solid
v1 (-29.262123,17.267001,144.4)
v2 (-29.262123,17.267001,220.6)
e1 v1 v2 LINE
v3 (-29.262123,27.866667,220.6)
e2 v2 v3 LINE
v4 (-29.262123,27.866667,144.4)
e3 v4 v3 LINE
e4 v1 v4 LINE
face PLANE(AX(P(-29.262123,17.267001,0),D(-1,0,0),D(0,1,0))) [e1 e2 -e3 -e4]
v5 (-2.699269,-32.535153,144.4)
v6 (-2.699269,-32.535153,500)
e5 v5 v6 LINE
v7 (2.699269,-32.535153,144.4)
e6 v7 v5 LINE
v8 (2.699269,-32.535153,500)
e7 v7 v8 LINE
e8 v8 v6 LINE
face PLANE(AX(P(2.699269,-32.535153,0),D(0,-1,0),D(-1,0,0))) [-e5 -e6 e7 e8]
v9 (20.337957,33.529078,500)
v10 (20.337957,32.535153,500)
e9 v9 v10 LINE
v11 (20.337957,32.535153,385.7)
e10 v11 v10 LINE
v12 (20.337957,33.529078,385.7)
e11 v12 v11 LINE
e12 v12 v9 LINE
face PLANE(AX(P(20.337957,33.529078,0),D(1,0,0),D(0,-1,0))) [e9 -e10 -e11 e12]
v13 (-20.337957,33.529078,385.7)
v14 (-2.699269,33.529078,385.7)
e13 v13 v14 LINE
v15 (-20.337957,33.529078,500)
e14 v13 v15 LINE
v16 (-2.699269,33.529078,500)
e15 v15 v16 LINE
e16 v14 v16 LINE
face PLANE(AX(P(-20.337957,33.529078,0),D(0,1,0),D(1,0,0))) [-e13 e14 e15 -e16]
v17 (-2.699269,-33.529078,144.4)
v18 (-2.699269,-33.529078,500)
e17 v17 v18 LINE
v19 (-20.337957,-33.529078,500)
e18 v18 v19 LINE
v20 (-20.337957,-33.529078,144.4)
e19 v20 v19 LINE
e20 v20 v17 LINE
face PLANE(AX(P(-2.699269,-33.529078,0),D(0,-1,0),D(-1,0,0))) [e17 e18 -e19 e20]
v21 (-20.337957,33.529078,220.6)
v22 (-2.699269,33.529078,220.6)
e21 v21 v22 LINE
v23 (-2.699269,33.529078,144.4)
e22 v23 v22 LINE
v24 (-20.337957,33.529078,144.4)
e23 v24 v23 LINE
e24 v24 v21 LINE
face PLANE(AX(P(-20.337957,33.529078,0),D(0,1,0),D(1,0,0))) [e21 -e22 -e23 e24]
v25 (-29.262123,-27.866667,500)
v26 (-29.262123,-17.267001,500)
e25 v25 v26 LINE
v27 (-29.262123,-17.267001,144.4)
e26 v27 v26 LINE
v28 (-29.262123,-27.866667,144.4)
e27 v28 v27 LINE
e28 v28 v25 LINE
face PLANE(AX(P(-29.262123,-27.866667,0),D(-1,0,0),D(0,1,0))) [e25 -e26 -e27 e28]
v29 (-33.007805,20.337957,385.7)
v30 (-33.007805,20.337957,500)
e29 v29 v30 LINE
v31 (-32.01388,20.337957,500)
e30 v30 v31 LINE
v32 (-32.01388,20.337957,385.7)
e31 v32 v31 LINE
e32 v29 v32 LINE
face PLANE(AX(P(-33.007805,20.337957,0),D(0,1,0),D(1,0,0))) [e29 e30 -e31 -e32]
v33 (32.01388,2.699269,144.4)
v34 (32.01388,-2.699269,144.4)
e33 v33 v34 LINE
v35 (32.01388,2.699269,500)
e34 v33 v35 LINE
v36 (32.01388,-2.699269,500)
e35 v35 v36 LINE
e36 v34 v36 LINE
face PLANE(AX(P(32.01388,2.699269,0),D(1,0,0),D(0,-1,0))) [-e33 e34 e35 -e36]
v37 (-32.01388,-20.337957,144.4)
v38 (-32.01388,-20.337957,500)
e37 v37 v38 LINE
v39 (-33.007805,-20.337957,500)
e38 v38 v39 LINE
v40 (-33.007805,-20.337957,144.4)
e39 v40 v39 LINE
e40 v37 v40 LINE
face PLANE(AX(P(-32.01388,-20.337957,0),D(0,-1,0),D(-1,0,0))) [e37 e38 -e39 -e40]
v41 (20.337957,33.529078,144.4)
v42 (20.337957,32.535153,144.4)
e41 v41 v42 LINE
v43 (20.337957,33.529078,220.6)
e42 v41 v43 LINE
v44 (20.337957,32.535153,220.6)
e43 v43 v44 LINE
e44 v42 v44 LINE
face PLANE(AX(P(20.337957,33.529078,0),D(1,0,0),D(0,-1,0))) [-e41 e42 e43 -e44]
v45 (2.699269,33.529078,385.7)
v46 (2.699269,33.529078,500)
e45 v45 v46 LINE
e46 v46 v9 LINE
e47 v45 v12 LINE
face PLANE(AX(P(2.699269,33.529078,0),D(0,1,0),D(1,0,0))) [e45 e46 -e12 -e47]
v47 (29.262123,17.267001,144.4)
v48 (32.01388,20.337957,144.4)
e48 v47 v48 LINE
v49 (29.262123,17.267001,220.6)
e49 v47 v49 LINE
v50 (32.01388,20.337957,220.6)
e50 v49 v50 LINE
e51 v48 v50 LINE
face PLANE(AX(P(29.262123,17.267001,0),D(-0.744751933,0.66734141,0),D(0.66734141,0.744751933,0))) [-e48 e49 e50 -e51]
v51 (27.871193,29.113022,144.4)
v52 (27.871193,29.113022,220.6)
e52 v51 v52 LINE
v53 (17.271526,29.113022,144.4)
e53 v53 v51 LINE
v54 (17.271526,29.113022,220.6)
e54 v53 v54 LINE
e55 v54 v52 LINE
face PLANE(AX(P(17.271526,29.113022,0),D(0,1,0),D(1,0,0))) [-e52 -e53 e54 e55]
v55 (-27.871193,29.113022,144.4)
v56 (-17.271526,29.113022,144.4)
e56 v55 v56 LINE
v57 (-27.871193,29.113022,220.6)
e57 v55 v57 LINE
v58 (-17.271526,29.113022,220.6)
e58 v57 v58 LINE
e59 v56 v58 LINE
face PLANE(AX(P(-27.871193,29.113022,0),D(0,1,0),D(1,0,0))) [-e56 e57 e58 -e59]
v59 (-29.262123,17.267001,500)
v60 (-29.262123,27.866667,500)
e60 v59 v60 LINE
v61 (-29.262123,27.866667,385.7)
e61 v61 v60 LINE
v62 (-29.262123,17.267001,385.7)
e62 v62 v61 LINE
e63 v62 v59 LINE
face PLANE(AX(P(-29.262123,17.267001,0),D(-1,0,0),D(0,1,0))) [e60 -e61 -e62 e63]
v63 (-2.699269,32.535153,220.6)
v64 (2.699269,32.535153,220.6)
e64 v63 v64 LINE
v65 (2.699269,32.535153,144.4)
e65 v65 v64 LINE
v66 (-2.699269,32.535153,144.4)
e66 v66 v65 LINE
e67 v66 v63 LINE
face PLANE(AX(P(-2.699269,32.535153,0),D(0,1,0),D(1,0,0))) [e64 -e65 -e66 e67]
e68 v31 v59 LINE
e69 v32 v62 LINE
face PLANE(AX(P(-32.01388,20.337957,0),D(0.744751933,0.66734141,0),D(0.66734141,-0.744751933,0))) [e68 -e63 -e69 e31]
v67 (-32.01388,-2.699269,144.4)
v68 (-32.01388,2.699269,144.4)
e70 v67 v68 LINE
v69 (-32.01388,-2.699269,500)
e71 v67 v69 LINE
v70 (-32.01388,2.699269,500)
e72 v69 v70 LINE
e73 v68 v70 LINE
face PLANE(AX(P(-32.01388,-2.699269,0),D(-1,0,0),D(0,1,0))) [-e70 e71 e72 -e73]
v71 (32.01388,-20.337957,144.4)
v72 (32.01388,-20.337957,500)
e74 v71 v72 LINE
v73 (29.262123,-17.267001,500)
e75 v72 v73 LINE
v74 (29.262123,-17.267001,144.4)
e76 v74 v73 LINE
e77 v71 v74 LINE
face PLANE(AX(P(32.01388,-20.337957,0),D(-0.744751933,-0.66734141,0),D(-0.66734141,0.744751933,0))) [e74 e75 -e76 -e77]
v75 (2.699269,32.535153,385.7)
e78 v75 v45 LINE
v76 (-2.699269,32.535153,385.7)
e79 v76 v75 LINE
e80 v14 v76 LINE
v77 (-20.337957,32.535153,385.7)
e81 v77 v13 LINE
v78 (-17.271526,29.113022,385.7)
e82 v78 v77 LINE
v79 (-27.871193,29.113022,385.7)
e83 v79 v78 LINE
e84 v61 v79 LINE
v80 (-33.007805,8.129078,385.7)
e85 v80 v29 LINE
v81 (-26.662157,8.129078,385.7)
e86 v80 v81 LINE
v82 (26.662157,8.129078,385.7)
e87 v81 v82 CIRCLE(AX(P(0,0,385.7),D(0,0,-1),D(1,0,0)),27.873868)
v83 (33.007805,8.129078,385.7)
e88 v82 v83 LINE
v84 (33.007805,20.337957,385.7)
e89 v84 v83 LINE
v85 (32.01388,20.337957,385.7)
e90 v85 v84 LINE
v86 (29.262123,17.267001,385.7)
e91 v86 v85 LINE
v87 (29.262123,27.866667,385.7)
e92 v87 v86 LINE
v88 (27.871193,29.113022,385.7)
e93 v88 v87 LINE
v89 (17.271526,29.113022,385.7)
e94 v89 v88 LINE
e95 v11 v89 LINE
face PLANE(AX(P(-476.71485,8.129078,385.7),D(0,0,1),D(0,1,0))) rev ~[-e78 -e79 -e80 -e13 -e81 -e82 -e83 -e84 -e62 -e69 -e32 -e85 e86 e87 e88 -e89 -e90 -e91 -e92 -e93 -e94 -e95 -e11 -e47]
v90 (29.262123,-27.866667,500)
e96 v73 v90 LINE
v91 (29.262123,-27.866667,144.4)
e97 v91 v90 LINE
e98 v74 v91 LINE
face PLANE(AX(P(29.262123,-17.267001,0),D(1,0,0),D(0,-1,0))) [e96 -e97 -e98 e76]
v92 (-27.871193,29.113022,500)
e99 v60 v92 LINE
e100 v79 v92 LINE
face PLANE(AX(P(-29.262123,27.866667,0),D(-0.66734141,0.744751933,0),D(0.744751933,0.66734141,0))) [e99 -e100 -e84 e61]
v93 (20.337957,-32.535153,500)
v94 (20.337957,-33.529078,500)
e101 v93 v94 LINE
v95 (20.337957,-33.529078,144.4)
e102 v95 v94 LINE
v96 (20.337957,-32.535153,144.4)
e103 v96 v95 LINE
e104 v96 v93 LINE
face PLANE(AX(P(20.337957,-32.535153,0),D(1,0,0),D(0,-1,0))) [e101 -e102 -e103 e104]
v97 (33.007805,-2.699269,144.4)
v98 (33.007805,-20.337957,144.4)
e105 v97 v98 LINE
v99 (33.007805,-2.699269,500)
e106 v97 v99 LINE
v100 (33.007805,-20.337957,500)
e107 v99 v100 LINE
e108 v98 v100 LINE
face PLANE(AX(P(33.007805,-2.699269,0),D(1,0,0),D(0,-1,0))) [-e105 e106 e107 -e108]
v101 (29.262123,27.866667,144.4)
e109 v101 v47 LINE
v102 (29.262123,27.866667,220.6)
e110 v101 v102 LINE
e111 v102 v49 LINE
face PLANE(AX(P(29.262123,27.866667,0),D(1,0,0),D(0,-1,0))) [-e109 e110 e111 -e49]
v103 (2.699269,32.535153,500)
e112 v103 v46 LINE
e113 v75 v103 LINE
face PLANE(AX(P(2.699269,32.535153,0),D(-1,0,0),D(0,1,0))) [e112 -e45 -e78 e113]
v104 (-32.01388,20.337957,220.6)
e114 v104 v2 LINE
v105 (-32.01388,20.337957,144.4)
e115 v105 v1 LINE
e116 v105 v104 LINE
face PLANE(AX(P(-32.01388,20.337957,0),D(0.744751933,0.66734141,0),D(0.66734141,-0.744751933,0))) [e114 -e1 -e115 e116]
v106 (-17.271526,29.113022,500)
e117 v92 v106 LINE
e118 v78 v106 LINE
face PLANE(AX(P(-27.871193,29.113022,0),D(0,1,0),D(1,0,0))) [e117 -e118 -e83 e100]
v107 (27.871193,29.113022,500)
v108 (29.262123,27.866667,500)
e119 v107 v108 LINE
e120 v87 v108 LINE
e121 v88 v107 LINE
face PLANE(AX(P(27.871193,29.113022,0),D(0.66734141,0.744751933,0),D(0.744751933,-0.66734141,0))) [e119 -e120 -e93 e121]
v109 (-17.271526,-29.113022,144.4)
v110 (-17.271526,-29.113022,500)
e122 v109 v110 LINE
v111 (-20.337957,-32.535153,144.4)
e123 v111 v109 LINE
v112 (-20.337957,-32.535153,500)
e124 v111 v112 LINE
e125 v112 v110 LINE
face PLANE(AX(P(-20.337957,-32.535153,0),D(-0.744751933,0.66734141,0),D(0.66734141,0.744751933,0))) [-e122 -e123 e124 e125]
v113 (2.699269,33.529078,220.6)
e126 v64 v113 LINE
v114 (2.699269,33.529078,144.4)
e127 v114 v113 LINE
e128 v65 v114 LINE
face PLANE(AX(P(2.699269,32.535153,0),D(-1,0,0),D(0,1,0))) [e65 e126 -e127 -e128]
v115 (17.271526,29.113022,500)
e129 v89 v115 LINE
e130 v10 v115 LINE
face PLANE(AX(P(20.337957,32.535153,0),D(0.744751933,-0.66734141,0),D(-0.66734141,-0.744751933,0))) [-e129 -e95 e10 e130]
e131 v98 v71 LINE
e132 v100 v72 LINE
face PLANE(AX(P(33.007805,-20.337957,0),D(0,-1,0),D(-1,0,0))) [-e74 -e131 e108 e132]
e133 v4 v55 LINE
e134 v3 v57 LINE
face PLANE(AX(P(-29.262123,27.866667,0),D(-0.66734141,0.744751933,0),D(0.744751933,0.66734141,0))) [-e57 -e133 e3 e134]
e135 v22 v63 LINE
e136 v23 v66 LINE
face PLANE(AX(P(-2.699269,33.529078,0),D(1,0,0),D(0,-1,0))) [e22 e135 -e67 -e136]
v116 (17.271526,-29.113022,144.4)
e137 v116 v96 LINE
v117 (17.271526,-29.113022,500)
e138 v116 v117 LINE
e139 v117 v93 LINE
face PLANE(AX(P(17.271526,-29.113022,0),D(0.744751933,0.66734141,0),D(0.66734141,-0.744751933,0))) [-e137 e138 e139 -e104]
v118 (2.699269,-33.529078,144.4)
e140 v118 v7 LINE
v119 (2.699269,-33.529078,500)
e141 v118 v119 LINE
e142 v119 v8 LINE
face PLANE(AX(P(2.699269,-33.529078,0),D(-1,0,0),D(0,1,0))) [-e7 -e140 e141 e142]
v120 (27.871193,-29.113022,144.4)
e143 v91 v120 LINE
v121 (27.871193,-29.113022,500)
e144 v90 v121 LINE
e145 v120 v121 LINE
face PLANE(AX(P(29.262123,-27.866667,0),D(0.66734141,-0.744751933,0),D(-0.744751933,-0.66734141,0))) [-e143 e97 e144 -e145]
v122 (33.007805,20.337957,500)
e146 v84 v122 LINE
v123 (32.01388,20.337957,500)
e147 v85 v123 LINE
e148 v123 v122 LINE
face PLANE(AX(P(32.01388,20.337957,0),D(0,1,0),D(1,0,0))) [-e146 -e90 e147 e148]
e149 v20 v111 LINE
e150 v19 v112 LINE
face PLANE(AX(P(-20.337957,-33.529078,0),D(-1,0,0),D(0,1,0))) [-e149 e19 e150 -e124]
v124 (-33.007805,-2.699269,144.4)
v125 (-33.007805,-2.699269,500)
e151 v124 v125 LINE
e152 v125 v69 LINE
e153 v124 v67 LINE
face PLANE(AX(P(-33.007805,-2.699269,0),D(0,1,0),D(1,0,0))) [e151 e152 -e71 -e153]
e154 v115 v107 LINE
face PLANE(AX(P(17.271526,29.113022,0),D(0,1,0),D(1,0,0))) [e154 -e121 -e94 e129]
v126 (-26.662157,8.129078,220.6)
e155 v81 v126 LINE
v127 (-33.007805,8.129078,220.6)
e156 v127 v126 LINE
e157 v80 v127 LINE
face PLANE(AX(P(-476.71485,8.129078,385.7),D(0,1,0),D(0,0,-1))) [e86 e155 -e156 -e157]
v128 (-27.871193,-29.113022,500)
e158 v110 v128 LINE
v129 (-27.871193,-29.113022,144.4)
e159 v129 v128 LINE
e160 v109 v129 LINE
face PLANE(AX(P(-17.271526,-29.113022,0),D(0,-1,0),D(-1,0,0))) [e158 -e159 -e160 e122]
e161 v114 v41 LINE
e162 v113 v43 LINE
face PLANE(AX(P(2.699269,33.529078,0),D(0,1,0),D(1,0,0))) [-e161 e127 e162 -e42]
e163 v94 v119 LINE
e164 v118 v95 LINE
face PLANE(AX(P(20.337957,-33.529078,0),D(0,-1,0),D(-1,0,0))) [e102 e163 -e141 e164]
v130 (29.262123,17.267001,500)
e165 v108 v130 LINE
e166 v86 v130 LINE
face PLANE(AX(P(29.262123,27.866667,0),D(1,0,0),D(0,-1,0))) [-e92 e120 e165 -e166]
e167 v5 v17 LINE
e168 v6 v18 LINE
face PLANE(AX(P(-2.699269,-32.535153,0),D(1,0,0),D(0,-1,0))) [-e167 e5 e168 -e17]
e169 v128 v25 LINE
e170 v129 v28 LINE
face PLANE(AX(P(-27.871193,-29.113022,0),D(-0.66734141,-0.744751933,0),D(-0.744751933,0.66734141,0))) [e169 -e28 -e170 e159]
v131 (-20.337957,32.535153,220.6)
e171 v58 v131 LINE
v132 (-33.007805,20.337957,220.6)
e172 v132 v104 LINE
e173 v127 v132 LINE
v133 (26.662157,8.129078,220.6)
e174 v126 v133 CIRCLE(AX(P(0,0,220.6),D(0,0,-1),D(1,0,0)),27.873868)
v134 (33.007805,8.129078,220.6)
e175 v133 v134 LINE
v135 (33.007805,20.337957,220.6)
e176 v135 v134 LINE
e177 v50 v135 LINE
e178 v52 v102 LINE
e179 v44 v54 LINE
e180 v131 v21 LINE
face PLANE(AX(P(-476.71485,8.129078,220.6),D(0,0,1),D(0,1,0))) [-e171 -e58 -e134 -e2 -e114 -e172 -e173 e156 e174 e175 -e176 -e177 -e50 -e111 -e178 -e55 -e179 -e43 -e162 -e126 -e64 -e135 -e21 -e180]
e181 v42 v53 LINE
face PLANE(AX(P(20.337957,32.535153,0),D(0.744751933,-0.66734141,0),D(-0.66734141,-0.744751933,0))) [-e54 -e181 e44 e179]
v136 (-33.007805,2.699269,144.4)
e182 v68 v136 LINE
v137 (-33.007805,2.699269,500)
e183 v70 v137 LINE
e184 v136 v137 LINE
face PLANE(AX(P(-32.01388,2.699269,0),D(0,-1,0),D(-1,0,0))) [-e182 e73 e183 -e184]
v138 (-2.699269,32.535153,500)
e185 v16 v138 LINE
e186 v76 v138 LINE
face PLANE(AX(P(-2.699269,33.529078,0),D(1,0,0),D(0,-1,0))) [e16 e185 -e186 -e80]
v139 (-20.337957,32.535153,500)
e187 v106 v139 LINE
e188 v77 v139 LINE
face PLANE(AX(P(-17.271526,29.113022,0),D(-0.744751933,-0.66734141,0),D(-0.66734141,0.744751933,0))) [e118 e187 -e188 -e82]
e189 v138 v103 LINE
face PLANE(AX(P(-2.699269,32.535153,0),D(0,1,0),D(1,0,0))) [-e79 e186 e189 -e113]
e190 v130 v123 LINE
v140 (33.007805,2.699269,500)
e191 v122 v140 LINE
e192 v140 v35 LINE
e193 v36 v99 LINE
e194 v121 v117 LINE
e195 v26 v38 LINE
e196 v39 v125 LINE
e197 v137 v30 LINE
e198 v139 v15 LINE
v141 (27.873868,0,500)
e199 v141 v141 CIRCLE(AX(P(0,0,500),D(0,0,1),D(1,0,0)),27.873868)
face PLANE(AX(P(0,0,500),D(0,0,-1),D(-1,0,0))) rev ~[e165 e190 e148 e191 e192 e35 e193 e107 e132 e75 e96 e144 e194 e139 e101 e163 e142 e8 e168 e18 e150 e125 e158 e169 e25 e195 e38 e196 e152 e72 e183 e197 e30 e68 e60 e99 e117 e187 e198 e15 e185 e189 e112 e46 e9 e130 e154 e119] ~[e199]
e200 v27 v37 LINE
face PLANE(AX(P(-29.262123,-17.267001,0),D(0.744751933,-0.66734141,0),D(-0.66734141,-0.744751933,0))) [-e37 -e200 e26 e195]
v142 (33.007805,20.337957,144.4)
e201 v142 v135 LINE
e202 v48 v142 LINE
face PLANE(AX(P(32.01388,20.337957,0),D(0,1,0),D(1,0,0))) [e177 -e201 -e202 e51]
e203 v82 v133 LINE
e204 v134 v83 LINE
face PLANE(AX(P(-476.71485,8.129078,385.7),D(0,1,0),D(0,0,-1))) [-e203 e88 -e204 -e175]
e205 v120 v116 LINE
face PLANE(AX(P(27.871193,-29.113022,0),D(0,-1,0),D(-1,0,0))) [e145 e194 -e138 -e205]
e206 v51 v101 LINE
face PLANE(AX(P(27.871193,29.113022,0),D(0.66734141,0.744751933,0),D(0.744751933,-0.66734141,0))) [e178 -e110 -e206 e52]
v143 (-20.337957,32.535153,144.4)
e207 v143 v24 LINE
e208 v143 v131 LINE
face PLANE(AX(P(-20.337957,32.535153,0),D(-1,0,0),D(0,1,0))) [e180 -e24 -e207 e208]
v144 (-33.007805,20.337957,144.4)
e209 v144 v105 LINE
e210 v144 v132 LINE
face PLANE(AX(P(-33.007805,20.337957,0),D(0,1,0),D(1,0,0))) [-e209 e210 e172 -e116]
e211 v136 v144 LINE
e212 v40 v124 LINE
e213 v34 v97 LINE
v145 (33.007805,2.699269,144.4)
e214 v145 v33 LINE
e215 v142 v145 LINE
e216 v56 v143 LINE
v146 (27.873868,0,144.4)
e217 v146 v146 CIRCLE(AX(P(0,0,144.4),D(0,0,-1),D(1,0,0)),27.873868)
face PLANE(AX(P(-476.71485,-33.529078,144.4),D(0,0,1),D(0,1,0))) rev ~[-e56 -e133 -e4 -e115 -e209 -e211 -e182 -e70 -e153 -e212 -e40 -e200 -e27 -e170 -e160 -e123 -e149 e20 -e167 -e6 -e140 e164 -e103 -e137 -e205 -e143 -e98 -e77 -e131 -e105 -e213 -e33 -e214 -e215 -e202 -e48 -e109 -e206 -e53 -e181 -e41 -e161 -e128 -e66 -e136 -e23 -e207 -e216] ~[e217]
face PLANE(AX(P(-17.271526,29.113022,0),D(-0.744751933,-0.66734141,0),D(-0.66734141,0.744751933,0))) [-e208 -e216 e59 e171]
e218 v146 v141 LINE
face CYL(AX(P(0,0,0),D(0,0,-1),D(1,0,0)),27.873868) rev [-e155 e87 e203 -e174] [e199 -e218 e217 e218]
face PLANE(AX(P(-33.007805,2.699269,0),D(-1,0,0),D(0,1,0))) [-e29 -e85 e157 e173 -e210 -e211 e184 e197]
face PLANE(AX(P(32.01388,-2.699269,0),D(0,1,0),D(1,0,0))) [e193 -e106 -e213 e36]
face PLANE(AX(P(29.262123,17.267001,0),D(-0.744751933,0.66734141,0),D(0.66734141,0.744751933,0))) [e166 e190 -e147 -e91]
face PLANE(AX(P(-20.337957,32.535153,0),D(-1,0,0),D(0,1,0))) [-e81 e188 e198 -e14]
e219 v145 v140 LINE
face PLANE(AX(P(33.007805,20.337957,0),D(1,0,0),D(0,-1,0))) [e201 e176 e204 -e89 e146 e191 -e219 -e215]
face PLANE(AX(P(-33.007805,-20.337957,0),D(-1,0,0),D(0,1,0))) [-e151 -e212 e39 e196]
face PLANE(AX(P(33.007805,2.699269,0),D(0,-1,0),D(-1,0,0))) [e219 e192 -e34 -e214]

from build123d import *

# Parameters (mm, degrees)
SKETCH2_R               = 27.873868368
BOSS_EXTRUDE1_DEPTH     = 500
CUT_EXTRUDE1_DEPTH      = 505.976972678
CUT_EXTRUDE1_DEPTH_BACK = 505.976972678
SKETCH3_W               = 165.1
SKETCH3_H               = 25.4
SKETCH3_W_2             = 144.4
SKETCH3_H_2             = 67.058155704


with BuildPart() as part:
    # Sketch2 → Boss-Extrude1 (new body)
    with BuildSketch(Plane.XY):
        Polygon((-20.337957043, 33.529077852), (-2.699269284, 33.529077852), (-2.699269284, 32.535153464), (2.699269284, 32.535153464), (2.699269284, 33.529077852), (20.337957043, 33.529077852), (20.337957043, 32.535153464), (17.271526495, 29.113021938), (27.871192843, 29.113021938), (29.262123018, 27.866666927), (29.262123018, 17.267000578), (32.013880115, 20.337957043), (33.007804503, 20.337957043), (33.007804503, 2.699269284), (32.013880115, 2.699269284), (32.013880115, -2.699269284), (33.007804503, -2.699269284), (33.007804503, -20.337957043), (32.013880115, -20.337957043), (29.262123018, -17.267000578), (29.262123018, -27.866666927), (27.871192843, -29.113021938), (17.271526495, -29.113021938), (20.337957043, -32.535153464), (20.337957043, -33.529077852), (2.699269284, -33.529077852), (2.699269284, -32.535153464), (-2.699269284, -32.535153464), (-2.699269284, -33.529077852), (-20.337957043, -33.529077852), (-20.337957043, -32.535153464), (-17.271526495, -29.113021938), (-27.871192843, -29.113021938), (-29.262123018, -27.866666927), (-29.262123018, -17.267000578), (-32.013880115, -20.337957043), (-33.007804503, -20.337957043), (-33.007804503, -2.699269284), (-32.013880115, -2.699269284), (-32.013880115, 2.699269284), (-33.007804503, 2.699269284), (-33.007804503, 20.337957043), (-32.013880115, 20.337957043), (-29.262123018, 17.267000578), (-29.262123018, 27.866666927), (-27.871192843, 29.113021938), (-17.271526495, 29.113021938), (-20.337957043, 32.535153464), align=None)
        Circle(SKETCH2_R, mode=Mode.SUBTRACT)
    extrude(amount=BOSS_EXTRUDE1_DEPTH)

    # Sketch3 → Cut-Extrude1 (cut, two sides: drawn at the far end of the back side and taken through both)
    with BuildSketch(Plane(origin=(29.262123018, 0, 0), x_dir=(0, 0, -1), z_dir=(1, 0, 0)).offset(-CUT_EXTRUDE1_DEPTH_BACK)):
        with Locations((-303.15, 20.829077852)):
            Rectangle(SKETCH3_W, SKETCH3_H)
        with Locations((-72.2, 0)):
            Rectangle(SKETCH3_W_2, SKETCH3_H_2)
    extrude(amount=CUT_EXTRUDE1_DEPTH + CUT_EXTRUDE1_DEPTH_BACK, mode=Mode.SUBTRACT)


solid = part.part
